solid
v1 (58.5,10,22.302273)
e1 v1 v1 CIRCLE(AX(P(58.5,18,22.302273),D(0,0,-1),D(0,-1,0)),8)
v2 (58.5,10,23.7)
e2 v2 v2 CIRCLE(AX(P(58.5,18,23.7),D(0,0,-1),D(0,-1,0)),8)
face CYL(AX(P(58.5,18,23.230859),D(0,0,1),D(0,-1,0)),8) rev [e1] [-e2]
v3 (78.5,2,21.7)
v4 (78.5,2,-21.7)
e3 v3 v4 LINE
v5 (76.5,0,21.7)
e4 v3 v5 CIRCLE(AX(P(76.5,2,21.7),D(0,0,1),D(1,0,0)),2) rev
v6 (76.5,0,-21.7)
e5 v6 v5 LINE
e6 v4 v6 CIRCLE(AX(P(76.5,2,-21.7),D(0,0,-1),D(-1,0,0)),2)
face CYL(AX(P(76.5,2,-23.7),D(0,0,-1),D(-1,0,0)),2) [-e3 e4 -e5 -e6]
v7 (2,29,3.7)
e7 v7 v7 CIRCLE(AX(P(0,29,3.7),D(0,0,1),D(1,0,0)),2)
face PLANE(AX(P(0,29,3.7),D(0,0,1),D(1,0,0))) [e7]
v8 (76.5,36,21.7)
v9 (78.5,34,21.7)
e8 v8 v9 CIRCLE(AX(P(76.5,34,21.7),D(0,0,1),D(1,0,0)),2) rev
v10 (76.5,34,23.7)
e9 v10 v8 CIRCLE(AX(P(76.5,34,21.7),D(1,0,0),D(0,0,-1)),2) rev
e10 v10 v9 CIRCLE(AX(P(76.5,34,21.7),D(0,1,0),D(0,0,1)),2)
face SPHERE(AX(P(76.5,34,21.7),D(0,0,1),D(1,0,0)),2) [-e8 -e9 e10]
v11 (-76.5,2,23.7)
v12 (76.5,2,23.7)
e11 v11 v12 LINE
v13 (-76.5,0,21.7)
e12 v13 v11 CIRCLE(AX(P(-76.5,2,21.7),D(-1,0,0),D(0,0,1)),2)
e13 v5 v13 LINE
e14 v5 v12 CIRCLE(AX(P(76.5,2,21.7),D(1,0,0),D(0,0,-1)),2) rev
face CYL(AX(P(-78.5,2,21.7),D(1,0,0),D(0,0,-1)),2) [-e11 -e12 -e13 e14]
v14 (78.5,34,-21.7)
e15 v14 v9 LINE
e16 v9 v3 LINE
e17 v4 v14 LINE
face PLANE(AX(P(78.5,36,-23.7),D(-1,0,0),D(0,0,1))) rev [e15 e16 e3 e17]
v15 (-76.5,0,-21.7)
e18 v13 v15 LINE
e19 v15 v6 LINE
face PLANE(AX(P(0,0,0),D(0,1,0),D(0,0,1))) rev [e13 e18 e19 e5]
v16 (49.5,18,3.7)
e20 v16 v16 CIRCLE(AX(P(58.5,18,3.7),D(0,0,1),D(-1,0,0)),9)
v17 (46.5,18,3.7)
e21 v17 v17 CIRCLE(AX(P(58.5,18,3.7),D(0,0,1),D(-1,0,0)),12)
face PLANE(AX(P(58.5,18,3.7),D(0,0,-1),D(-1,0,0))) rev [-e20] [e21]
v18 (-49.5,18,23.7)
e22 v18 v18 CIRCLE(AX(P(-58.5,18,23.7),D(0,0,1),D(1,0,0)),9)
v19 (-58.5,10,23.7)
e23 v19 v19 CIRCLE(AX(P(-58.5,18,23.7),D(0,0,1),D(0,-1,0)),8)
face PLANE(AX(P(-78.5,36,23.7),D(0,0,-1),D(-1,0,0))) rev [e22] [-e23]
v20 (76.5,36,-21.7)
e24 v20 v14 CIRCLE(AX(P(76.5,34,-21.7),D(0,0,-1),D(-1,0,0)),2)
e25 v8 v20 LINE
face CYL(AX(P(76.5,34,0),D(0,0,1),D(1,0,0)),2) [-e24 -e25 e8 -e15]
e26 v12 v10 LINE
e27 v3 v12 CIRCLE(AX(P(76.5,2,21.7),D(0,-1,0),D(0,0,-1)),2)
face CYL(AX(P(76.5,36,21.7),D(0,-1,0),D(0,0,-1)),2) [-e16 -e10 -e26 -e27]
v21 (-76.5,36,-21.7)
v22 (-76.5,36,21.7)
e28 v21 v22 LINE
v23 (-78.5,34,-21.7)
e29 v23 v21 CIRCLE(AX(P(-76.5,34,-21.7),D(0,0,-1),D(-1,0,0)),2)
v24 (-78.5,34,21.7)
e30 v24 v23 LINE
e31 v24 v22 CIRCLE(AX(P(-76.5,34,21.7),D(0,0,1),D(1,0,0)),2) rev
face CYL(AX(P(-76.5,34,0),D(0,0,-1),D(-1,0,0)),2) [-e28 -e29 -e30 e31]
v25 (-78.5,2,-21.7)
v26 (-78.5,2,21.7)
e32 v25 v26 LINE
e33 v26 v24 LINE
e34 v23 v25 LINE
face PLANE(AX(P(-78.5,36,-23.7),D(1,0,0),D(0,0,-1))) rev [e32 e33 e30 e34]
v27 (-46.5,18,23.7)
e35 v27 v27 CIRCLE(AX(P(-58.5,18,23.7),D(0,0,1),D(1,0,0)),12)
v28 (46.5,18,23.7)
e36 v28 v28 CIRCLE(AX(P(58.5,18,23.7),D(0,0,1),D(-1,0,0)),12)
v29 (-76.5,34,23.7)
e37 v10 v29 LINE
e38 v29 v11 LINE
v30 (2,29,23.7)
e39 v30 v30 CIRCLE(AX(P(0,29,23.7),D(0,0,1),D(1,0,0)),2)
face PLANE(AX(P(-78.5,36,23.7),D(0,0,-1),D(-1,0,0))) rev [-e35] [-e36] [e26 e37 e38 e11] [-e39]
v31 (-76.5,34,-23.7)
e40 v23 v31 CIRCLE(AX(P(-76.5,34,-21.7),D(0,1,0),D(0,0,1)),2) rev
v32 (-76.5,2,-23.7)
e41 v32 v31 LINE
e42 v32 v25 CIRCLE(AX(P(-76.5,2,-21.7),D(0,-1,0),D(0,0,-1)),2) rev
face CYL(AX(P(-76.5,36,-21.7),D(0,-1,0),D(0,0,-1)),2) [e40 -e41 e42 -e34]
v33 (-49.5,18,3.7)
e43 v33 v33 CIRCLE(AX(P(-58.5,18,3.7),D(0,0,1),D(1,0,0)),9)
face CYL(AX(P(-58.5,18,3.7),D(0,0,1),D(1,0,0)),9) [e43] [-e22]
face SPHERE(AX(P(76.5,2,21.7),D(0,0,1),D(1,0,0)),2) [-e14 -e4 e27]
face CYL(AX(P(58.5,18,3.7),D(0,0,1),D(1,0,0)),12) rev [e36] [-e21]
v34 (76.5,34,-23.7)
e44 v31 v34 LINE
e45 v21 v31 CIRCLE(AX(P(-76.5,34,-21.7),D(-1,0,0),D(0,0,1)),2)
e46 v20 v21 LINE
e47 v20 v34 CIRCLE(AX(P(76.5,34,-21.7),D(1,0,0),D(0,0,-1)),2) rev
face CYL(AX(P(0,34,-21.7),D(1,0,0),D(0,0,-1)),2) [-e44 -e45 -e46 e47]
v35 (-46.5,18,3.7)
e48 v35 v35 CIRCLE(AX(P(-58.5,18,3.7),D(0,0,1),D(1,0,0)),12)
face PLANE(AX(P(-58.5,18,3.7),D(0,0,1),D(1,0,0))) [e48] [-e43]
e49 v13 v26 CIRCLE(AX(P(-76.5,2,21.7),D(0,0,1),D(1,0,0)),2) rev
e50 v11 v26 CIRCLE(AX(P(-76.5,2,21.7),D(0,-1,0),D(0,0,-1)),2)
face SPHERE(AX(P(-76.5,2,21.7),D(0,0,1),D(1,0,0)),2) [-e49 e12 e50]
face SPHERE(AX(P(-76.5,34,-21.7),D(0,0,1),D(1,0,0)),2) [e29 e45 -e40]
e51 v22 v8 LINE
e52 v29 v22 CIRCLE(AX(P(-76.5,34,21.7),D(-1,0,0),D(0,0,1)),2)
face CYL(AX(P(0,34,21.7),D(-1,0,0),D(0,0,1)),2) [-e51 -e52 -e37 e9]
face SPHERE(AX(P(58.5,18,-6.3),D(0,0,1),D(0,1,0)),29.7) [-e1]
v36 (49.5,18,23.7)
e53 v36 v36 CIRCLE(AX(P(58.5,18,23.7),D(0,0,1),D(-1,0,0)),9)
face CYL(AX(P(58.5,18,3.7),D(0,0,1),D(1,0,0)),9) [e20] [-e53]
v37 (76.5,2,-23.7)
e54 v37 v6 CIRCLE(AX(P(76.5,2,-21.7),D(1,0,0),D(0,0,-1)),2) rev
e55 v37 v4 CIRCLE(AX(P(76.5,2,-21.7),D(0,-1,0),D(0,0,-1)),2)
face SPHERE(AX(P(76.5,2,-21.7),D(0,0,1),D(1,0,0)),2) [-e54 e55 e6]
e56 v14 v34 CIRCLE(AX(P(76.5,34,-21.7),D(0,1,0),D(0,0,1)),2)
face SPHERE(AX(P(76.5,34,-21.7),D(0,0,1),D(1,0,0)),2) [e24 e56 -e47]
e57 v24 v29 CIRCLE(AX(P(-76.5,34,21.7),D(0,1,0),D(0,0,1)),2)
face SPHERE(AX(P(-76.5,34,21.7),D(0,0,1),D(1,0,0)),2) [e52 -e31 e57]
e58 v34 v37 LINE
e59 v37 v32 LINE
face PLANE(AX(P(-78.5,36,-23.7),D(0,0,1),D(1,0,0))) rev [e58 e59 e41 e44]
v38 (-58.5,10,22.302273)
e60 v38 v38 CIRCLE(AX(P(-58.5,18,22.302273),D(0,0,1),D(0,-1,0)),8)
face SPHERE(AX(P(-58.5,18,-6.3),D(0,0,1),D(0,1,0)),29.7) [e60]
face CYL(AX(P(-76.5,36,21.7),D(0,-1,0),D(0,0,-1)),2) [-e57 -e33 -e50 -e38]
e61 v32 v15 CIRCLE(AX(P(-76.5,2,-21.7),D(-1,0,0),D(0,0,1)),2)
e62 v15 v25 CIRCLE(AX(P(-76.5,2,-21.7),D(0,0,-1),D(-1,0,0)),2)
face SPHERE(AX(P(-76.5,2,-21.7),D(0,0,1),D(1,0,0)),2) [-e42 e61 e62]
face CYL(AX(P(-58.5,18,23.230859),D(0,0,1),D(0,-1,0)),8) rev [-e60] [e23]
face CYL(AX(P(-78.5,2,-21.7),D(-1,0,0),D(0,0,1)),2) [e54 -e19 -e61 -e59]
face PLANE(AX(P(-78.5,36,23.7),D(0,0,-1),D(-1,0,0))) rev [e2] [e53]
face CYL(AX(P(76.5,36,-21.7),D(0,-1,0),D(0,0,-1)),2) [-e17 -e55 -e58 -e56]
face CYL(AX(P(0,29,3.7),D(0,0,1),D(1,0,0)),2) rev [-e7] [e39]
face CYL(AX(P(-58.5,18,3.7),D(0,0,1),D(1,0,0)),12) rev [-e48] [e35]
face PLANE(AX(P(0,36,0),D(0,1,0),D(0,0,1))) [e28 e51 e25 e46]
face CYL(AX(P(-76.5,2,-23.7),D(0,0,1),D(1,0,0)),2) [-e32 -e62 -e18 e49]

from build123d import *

# Parameters (mm, degrees)
SKETCH_1_W          = 157
SKETCH_1_H          = 47.4
EXTRUDE_1_DEPTH     = 36
FILLET_1_R          = 2
SKETCH_2_R          = 2
SKETCH_2_R_2        = 12
SKETCH_2_R_3        = 9
CUT_EXTRUDE_1_DEPTH = 20


with BuildPart() as part:
    # 草图1 → 凸台-拉伸1 (new body)
    with BuildSketch(Plane(origin=(0, 0, 0), x_dir=(1, 0, 0), z_dir=(0, 1, 0))):
        Rectangle(SKETCH_1_W, SKETCH_1_H)
    extrude(amount=EXTRUDE_1_DEPTH)

    # 圆角1
    fillet_1_edges = [part.edges().sort_by_distance(p)[0] for p in [
        (-78.5, 36, 0),
        (0, 36, 23.7),
        (78.5, 36, 0),
        (0, 0, 23.7),
        (-78.5, 0, 0),
        (0, 0, -23.7),
        (78.5, 0, 0),
        (78.5, 18, 23.7),
        (-78.5, 18, 23.7),
        (-78.5, 18, -23.7),
        (78.5, 18, -23.7),
        (0, 36, -23.7),
    ]]
    fillet(fillet_1_edges, radius=FILLET_1_R)

    # 草图2 → 切除-拉伸1 (cut)
    # profile 1 of 3: a face of its own
    with BuildSketch(Plane.XY.offset(23.7)):
        with Locations((0, 29)):
            Circle(SKETCH_2_R)
    # profile 2 of 3: a face of its own
    with BuildSketch(Plane.XY.offset(23.7)):
        with Locations((-58.5, 18)):
            Circle(SKETCH_2_R_2)
        with Locations((-58.5, 18)):
            Circle(SKETCH_2_R_3, mode=Mode.SUBTRACT)
    # profile 3 of 3: a face of its own
    with BuildSketch(Plane.XY.offset(23.7)):
        with Locations(Location((58.5, 18, 0), (0, 0, 180))):
            Circle(SKETCH_2_R_2)
        with Locations(Location((58.5, 18, 0), (0, 0, 180))):
            Circle(SKETCH_2_R_3, mode=Mode.SUBTRACT)
    extrude(amount=-CUT_EXTRUDE_1_DEPTH, mode=Mode.SUBTRACT)

    # 草图4 → 切除-旋转1 (revolve, cut)
    with BuildSketch(Plane(origin=(-58.5, 0, 0), x_dir=(0, -1, 0), z_dir=(-1, 0, 0)), mode=Mode.PRIVATE) as cut_revolve_1_sk:
        with BuildLine():
            Line((-18, 23.7), (-26, 23.7))
            Line((-26, 23.7), (-26, 22.302272637))
            ThreePointArc((-26, 22.302272637), (-22.037480816, 23.124288414), (-18, 23.4))
            Line((-18, 23.4), (-18, 23.7))
        make_face()
    cut_revolve_1 = revolve(cut_revolve_1_sk.sketch.rotate(Axis((-58.5, 18, 23.230858861), (0, 0, -1)), 180), axis=Axis((-58.5, 18, 23.230858861), (0, 0, -1)), mode=Mode.SUBTRACT)

    # 镜向1: 切除-旋转1 across plane
    add(cut_revolve_1.mirror(Plane(origin=(0, 0, 0), x_dir=(0, 0, 1), z_dir=(1, 0, 0))), mode=Mode.SUBTRACT)


solid = part.part
